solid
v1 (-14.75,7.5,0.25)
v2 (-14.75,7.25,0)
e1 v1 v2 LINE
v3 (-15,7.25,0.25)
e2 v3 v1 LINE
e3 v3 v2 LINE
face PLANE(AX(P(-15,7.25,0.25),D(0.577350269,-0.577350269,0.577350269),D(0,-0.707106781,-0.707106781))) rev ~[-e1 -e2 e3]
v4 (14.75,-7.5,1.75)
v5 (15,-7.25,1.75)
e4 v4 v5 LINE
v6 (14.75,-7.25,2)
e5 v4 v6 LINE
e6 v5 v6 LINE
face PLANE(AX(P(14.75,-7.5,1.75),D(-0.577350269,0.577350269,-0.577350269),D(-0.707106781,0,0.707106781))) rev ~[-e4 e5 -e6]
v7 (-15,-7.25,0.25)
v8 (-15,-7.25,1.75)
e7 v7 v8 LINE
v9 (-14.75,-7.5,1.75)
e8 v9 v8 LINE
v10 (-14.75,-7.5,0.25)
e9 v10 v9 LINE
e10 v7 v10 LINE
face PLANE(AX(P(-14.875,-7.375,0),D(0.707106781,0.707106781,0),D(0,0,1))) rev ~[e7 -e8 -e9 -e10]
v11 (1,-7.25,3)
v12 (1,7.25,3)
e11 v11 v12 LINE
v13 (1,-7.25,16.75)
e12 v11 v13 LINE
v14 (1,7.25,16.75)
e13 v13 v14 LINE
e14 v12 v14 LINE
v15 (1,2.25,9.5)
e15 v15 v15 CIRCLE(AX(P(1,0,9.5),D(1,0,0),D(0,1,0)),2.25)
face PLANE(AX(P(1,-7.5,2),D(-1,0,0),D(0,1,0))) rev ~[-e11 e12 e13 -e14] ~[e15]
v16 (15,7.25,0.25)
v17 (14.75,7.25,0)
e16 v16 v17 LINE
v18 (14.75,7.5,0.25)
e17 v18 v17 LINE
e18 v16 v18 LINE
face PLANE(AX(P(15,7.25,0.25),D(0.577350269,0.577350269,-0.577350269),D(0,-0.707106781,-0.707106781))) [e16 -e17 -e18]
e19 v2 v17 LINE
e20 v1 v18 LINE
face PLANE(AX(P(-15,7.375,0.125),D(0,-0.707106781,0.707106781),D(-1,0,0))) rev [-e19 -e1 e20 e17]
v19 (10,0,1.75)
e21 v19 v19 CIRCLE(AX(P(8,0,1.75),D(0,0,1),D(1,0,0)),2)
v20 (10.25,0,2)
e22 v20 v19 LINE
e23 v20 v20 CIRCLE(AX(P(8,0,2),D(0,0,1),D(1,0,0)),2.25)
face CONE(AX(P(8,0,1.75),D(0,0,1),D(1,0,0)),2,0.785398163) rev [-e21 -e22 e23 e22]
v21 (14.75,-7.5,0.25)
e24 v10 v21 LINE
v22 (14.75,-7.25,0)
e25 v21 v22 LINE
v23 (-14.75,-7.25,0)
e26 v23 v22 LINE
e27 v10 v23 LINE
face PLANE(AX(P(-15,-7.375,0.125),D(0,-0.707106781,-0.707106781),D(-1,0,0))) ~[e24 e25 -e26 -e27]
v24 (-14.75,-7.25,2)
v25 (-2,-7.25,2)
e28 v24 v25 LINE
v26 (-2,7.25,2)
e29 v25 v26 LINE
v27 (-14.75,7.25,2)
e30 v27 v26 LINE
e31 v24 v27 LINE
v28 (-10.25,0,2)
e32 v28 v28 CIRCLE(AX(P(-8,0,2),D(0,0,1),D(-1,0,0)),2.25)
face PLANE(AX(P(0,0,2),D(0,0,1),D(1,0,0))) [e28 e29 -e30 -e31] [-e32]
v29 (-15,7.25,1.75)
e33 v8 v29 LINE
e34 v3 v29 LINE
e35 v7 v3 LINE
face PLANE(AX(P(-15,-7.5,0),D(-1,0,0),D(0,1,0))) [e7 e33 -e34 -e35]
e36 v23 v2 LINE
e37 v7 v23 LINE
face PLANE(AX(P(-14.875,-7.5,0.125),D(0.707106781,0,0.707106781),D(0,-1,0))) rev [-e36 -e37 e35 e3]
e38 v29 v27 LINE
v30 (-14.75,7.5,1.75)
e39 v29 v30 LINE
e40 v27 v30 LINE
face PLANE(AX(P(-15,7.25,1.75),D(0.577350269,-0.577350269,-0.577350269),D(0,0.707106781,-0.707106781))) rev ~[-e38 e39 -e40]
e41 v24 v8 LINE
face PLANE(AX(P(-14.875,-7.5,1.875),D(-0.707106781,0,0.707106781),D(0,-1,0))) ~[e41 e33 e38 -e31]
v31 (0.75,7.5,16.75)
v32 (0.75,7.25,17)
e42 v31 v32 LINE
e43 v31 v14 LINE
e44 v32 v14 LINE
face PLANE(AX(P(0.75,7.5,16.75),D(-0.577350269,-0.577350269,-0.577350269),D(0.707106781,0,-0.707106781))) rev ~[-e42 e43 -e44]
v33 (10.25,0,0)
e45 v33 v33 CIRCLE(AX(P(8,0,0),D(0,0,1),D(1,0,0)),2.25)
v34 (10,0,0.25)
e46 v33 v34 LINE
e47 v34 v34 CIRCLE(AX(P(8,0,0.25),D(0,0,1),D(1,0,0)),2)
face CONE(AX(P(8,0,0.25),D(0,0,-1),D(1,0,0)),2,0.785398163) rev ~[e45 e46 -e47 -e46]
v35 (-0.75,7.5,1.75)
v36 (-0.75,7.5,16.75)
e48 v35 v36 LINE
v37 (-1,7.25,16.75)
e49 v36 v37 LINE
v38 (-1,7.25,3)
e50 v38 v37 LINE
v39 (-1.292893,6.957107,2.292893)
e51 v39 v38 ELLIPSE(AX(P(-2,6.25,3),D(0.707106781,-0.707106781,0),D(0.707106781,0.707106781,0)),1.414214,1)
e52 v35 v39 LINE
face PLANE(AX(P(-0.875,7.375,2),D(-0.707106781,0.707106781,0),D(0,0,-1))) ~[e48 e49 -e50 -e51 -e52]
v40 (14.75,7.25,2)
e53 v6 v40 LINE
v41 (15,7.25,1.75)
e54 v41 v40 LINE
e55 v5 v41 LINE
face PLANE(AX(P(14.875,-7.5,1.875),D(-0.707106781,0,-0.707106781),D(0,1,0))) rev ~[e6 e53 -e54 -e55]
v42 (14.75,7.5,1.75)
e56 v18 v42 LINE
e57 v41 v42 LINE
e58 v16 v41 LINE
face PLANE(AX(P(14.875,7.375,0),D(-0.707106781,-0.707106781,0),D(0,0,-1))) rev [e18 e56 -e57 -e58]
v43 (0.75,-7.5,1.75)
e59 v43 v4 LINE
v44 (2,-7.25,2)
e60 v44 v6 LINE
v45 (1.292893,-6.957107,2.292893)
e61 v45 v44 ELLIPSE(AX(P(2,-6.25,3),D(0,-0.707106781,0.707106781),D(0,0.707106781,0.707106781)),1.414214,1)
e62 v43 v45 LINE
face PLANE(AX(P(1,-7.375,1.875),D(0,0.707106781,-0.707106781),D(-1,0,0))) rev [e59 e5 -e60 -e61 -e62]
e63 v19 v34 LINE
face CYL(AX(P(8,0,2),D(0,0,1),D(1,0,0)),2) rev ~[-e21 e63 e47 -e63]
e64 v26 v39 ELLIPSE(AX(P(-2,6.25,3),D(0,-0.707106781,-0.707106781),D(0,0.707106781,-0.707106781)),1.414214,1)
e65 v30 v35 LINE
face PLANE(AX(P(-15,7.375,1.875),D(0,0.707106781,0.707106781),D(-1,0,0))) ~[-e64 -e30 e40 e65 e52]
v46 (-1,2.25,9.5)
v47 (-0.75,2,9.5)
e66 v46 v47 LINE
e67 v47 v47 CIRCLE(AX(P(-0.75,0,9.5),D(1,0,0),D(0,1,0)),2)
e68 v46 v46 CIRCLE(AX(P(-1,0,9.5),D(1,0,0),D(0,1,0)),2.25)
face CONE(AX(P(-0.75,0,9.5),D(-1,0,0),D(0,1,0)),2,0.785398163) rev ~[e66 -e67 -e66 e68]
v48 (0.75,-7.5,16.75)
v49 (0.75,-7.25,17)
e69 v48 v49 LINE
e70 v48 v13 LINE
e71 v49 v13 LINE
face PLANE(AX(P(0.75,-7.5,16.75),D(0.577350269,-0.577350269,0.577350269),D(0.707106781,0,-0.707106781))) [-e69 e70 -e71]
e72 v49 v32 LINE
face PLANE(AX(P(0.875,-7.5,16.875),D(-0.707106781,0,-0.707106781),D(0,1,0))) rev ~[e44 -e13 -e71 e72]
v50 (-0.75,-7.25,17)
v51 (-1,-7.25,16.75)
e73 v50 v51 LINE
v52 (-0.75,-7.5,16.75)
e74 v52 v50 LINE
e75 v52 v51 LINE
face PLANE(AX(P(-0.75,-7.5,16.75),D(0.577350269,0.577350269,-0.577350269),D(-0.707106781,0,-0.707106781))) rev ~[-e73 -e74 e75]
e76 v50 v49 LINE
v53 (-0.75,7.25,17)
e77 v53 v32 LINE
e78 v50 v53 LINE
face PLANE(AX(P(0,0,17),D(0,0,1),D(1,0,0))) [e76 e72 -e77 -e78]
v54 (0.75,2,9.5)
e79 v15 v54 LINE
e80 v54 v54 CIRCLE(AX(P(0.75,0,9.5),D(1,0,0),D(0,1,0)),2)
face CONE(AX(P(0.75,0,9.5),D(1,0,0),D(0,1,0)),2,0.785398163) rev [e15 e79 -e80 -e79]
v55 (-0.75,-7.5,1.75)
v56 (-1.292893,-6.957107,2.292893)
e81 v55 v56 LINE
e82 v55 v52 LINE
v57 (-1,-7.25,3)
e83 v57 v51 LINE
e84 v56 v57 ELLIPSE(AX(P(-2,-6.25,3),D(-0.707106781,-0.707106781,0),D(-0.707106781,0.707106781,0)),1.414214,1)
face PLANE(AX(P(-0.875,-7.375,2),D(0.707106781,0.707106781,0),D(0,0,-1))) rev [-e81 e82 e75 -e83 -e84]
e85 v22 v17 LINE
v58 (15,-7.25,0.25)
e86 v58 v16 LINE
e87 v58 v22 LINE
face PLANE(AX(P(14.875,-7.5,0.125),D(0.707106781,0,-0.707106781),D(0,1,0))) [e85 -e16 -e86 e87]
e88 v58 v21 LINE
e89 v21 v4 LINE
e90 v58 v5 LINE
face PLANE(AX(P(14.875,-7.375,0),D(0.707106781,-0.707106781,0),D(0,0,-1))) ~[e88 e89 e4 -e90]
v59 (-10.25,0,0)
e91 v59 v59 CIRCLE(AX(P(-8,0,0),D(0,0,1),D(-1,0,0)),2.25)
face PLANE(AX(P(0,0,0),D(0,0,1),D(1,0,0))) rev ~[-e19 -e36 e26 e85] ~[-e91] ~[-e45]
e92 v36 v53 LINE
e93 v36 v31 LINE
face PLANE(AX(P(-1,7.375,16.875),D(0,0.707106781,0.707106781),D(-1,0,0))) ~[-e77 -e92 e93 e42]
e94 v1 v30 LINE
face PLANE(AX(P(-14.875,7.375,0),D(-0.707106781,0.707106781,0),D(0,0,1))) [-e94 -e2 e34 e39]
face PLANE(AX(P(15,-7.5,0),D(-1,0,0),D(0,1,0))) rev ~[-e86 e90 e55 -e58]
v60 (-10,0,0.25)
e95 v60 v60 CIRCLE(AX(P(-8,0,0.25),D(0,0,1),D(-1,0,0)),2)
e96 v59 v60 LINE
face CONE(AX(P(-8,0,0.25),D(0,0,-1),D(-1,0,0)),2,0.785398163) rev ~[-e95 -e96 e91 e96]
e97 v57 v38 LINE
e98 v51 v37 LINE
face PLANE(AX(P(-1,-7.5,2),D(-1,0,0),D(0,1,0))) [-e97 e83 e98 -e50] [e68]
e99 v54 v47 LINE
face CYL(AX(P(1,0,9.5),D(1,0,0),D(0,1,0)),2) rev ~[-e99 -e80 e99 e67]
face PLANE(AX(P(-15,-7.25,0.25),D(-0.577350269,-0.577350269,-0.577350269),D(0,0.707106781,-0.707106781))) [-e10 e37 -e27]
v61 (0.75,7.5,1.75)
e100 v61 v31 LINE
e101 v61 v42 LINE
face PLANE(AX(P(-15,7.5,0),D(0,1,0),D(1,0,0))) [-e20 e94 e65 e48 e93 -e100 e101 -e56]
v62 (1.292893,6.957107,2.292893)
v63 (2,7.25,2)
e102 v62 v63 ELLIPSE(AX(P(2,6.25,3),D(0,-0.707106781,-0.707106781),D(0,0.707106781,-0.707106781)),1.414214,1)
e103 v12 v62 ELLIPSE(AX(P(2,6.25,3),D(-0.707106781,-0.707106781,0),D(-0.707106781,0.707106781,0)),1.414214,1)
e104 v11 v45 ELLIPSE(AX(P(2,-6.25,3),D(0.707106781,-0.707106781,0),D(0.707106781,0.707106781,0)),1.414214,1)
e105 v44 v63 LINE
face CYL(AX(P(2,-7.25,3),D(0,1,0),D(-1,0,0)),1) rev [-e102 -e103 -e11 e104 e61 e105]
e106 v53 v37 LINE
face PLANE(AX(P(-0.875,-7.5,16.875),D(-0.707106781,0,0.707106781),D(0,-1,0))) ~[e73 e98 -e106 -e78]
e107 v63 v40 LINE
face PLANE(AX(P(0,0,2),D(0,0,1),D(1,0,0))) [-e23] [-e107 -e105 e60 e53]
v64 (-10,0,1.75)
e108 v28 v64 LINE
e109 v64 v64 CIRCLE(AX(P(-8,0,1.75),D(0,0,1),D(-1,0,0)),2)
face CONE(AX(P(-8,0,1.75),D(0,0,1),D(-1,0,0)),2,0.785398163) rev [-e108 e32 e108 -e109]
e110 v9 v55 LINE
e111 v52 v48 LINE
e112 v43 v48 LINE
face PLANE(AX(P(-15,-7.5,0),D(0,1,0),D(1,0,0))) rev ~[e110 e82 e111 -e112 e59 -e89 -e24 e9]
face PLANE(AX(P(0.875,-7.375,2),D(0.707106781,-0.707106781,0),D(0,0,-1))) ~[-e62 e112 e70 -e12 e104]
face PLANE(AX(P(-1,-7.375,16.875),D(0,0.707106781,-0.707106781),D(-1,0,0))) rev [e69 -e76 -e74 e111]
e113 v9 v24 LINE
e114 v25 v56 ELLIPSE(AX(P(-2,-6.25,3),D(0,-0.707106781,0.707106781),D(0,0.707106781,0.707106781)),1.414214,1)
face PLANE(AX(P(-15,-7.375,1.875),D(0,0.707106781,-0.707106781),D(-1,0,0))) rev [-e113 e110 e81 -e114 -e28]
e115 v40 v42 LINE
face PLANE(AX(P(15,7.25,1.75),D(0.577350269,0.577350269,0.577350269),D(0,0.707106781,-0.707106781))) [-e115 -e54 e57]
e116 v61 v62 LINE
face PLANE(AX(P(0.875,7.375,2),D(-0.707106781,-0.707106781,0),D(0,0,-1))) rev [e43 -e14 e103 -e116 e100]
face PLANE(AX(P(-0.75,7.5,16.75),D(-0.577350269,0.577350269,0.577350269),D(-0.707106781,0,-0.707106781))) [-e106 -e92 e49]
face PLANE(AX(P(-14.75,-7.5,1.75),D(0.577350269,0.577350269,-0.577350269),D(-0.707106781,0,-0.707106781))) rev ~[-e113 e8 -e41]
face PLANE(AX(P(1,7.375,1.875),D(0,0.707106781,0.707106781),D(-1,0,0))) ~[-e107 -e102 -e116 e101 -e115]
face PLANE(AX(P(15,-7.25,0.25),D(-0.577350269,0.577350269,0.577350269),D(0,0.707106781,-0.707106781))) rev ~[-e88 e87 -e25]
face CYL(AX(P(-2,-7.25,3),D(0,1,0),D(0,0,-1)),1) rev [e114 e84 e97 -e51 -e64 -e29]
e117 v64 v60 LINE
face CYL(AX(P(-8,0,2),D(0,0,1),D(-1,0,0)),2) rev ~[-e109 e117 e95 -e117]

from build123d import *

# Parameters (mm, degrees)
SKETCH_W           = 30
SKETCH_H           = 15
PAD_DEPTH          = 2
SKETCH001_W        = 2
SKETCH001_H        = 15
PAD001_DEPTH       = 15
SKETCH002_R        = 2
POCKET_DEPTH       = 2
POLARPATTERN_COUNT = 2
SKETCH003_R        = 2
POCKET001_DEPTH    = 2
CHAMFER_SIZE       = 0.25
FILLET_R           = 1


with BuildPart() as part:
    # Sketch → Pad (new body)
    with BuildSketch(Plane.XY):
        Rectangle(SKETCH_W, SKETCH_H)
    extrude(amount=PAD_DEPTH)

    # Sketch001 (on Face6 of Pad) → Pad001 (join)
    with BuildSketch(Plane.XY.offset(2)):
        Rectangle(SKETCH001_W, SKETCH001_H)
    extrude(amount=PAD001_DEPTH)

    # Sketch002 (on Face5 of Pad001) → Pocket (cut)
    with BuildSketch(Plane.XY.offset(2)):
        with Locations((8, 0)):
            Circle(SKETCH002_R)
    pocket = extrude(amount=-POCKET_DEPTH, mode=Mode.SUBTRACT)

    # PolarPattern: Pocket ×2 about axis
    polarpattern_axis = Axis((0, 0, 2), (0, 0, 1))
    for i in range(1, POLARPATTERN_COUNT):
        add(pocket.rotate(polarpattern_axis, i * 360 / POLARPATTERN_COUNT), mode=Mode.SUBTRACT)

    # Sketch003 (on Face9 of PolarPattern) → Pocket001 (cut)
    with BuildSketch(Plane.YZ.offset(1)):
        with Locations((0, 9.5)):
            Circle(SKETCH003_R)
    extrude(amount=-POCKET001_DEPTH, mode=Mode.SUBTRACT)

    # Chamfer
    chamfer_edges = [part.edges().sort_by_distance(p)[0] for p in [
        (-6, 0, 2),
        (6, 0, 2),
        (-1, -2, 9.5),
        (1, -2, 9.5),
        (-1, 0, 17),
        (1, 0, 17),
        (0, -7.5, 17),
        (0, 7.5, 17),
        (-1, 7.5, 9.5),
        (1, 7.5, 9.5),
        (8, 7.5, 2),
        (-8, 7.5, 2),
        (0, 7.5, 0),
        (-15, 0, 2),
        (15, 0, 2),
        (6, 0, 0),
        (-6, 0, 0),
        (-8, -7.5, 2),
        (-1, -7.5, 9.5),
        (1, -7.5, 9.5),
        (0, -7.5, 0),
        (15, -7.5, 1),
        (8, -7.5, 2),
        (-15, -7.5, 1),
        (-15, 7.5, 1),
        (-15, 0, 0),
        (15, 7.5, 1),
        (15, 0, 0),
    ]]
    chamfer(chamfer_edges, length=CHAMFER_SIZE)

    # Fillet
    fillet_edges = [part.edges().sort_by_distance(p)[0] for p in [
        (1, 0, 2),
        (-1, 0, 2),
    ]]
    fillet(fillet_edges, radius=FILLET_R)


solid = part.part
